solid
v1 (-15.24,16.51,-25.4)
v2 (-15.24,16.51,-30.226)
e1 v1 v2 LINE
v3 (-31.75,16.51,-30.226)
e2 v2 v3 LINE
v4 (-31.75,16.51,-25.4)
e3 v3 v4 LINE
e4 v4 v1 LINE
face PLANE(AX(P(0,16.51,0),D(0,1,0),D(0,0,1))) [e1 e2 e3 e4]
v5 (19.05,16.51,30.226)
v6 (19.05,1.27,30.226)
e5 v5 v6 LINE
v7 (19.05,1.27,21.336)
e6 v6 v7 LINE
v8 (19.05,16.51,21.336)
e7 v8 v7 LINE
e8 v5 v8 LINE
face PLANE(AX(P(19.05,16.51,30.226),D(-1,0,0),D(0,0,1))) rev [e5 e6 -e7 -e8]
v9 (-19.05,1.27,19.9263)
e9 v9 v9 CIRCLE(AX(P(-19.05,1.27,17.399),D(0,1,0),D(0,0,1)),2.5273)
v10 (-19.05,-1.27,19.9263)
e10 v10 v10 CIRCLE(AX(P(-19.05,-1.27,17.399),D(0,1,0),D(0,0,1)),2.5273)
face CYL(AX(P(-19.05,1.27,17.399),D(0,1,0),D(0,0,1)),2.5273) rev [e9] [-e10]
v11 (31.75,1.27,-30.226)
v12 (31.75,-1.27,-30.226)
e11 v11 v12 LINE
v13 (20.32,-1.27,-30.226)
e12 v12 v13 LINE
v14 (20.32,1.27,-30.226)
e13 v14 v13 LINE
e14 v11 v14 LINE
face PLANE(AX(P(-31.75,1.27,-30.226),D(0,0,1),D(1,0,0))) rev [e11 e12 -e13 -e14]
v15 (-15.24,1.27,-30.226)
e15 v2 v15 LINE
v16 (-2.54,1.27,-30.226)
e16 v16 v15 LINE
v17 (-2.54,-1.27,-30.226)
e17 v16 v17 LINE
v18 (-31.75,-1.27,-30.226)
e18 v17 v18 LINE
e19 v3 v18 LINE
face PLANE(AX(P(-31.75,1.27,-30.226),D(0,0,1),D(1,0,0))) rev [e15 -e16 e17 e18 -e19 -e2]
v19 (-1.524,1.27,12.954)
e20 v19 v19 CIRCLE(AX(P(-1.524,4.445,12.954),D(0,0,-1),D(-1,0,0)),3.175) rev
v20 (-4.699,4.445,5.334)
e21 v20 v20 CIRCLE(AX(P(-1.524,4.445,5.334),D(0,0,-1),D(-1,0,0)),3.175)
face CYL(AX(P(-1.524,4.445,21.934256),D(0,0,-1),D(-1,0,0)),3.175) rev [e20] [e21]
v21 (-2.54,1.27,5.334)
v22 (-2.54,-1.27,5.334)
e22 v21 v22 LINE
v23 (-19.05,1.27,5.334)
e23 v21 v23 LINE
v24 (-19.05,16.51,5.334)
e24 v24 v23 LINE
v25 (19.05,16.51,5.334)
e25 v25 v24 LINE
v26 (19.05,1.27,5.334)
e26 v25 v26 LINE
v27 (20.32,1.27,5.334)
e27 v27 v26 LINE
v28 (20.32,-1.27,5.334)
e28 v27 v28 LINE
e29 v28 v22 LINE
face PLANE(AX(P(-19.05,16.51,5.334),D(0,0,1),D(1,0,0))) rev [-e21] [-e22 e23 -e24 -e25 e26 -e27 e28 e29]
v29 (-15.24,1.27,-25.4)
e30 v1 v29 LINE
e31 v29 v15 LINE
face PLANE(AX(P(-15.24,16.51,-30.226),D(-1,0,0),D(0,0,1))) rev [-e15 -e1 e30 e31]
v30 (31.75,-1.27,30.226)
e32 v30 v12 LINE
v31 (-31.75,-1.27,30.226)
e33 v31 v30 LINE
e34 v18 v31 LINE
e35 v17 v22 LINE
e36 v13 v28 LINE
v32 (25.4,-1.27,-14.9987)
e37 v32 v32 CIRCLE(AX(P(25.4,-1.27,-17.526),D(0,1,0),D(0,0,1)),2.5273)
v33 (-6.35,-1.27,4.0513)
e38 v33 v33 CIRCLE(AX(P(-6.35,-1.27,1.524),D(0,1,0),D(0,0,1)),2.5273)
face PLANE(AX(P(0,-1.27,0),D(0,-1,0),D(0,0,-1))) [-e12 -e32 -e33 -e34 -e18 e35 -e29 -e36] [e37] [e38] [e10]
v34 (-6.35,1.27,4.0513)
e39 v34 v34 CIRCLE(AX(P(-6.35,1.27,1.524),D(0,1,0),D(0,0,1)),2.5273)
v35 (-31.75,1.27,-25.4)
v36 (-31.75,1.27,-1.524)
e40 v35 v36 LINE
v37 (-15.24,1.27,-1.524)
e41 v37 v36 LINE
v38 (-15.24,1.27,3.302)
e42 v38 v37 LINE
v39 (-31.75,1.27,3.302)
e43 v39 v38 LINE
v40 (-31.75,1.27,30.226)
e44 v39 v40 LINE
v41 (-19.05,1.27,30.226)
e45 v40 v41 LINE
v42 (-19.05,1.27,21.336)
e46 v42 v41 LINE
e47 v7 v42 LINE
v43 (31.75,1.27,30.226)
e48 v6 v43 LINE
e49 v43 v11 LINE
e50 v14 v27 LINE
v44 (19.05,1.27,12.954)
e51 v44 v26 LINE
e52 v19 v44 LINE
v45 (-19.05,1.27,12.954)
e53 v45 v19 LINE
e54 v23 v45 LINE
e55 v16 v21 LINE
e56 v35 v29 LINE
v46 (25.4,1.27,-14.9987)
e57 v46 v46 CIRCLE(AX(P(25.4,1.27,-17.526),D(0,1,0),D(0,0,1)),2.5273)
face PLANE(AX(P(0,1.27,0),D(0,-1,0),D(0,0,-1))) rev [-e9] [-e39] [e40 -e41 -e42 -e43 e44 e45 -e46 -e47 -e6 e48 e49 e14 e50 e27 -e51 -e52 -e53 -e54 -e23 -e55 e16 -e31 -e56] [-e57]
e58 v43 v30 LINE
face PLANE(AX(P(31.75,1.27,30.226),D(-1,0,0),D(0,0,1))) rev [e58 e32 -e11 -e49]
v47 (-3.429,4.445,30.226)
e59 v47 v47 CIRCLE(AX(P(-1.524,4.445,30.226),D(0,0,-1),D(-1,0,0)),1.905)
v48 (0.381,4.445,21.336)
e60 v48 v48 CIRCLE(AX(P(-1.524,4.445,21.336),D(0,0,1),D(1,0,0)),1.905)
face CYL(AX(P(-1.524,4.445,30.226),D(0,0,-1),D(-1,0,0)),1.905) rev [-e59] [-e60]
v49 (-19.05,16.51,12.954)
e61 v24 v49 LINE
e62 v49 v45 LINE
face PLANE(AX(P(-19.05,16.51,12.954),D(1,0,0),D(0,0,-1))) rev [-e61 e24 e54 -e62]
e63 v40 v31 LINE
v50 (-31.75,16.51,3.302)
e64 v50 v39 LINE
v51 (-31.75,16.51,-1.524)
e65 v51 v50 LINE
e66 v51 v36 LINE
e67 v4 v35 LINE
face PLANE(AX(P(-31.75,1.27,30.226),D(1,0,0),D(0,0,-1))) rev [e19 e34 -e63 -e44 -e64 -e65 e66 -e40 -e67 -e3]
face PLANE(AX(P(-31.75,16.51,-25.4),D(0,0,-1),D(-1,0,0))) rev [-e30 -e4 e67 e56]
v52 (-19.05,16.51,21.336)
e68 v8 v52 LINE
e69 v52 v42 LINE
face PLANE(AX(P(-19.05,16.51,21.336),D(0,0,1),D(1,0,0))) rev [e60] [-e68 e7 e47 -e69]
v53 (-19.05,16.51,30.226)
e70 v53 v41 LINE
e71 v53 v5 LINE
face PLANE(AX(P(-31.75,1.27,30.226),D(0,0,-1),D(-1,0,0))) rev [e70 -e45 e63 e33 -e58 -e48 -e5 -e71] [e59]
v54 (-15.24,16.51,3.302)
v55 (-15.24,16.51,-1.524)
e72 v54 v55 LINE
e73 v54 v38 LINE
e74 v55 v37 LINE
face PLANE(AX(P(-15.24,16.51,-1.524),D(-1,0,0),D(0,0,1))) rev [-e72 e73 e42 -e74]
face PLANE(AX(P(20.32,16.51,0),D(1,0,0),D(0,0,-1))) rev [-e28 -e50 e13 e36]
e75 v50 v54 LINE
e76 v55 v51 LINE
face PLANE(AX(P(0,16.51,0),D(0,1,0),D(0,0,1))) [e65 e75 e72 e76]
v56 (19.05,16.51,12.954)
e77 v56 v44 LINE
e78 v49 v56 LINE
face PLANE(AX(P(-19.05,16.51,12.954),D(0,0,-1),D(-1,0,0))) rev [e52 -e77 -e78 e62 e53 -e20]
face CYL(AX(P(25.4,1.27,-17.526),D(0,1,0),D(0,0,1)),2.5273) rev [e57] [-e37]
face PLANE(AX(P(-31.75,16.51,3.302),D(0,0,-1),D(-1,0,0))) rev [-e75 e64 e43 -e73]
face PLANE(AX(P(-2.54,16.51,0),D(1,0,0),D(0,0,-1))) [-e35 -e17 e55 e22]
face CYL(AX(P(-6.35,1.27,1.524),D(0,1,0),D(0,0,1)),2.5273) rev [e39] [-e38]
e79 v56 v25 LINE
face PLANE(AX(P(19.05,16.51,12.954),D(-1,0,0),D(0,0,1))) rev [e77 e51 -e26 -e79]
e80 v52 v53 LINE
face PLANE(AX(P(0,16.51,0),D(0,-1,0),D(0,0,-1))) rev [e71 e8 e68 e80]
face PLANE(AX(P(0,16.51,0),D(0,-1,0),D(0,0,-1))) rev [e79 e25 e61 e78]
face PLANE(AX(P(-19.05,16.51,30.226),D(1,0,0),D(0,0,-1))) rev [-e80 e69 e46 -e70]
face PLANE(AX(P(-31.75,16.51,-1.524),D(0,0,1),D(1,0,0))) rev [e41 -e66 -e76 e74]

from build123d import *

# Parameters (mm, degrees)
SKETCH1_W                  = 63.5
SKETCH1_H                  = 60.452
BOSS_EXTRUDE1_DEPTH        = 1.27
SKETCH2_W                  = 16.51
SKETCH2_H                  = 4.826
SKETCH2_W_2                = 38.1
SKETCH2_H_2                = 8.89
SKETCH2_H_3                = 7.62
BOSS_EXTRUDE2_DEPTH        = 15.24
SKETCH3_R                  = 1.905
CUT_EXTRUDE1_DEPTH         = 25.892
SKETCH4_R                  = 3.175
CUT_EXTRUDE2_DEPTH         = 7.62
SKETCH5_W                  = 22.86
SKETCH5_H                  = 24.252018656
SKETCH5_H_2                = 1.10530733
SKETCH5_H_3                = 10.202674014
CUT_EXTRUDE3_DEPTH         = 18.78
F_8_0_199_DIAMETER_HOLE1_D = 5.0546


with BuildPart() as part:
    # Sketch1 → Boss-Extrude1 (new body, symmetric)
    with BuildSketch(Plane(origin=(0, 0, 0), x_dir=(1, 0, 0), z_dir=(0, 1, 0))):
        Rectangle(SKETCH1_W, SKETCH1_H)
    extrude(amount=BOSS_EXTRUDE1_DEPTH, both=True)

    # Sketch2 → Boss-Extrude2 (add)
    with BuildSketch(Plane(origin=(0, 1.27, 0), x_dir=(1, 0, 0), z_dir=(0, 1, 0))):
        with Locations((-23.495, 27.813)):
            Rectangle(SKETCH2_W, SKETCH2_H)
        with Locations((-23.495, -0.889)):
            Rectangle(SKETCH2_W, SKETCH2_H)
        with Locations((0, -25.781)):
            Rectangle(SKETCH2_W_2, SKETCH2_H_2)
        with Locations((0, -9.144)):
            Rectangle(SKETCH2_W_2, SKETCH2_H_3)
    extrude(amount=BOSS_EXTRUDE2_DEPTH)

    # Sketch3 → Cut-Extrude1 (cut, through all)
    with BuildSketch(Plane(origin=(0, 0, 5.334), x_dir=(-1, 0, 0), z_dir=(0, 0, -1))):
        with Locations((1.524, 4.445)):
            Circle(SKETCH3_R)
    extrude(amount=-CUT_EXTRUDE1_DEPTH, mode=Mode.SUBTRACT)

    # Sketch4 → Cut-Extrude2 (cut)
    with BuildSketch(Plane(origin=(0, 0, 5.334), x_dir=(-1, 0, 0), z_dir=(0, 0, -1))):
        with Locations((1.524, 4.445)):
            Circle(SKETCH4_R)
    extrude(amount=-CUT_EXTRUDE2_DEPTH, mode=Mode.SUBTRACT)

    # Sketch5 → Cut-Extrude3 (cut, through all)
    with BuildSketch(Plane.XZ.offset(1.27)):
        with Locations((8.89, -16.994683342)):
            Rectangle(SKETCH5_W, SKETCH5_H)
        with Locations((8.89, -29.673346335)):
            Rectangle(SKETCH5_W, SKETCH5_H_2)
        with Locations((8.89, 0.232662993)):
            Rectangle(SKETCH5_W, SKETCH5_H_3)
    extrude(amount=-CUT_EXTRUDE3_DEPTH, mode=Mode.SUBTRACT)

    # #8 (0.199) Diameter Hole1 (through all)
    with Locations(Plane(origin=(-6.35, 1.27, 1.524), x_dir=(0, 0, 1), z_dir=(0, 1, 0))):
        with Locations((0, 0), (15.875, -12.7), (-19.05, 31.75)):
            Hole(F_8_0_199_DIAMETER_HOLE1_D / 2)


solid = part.part
